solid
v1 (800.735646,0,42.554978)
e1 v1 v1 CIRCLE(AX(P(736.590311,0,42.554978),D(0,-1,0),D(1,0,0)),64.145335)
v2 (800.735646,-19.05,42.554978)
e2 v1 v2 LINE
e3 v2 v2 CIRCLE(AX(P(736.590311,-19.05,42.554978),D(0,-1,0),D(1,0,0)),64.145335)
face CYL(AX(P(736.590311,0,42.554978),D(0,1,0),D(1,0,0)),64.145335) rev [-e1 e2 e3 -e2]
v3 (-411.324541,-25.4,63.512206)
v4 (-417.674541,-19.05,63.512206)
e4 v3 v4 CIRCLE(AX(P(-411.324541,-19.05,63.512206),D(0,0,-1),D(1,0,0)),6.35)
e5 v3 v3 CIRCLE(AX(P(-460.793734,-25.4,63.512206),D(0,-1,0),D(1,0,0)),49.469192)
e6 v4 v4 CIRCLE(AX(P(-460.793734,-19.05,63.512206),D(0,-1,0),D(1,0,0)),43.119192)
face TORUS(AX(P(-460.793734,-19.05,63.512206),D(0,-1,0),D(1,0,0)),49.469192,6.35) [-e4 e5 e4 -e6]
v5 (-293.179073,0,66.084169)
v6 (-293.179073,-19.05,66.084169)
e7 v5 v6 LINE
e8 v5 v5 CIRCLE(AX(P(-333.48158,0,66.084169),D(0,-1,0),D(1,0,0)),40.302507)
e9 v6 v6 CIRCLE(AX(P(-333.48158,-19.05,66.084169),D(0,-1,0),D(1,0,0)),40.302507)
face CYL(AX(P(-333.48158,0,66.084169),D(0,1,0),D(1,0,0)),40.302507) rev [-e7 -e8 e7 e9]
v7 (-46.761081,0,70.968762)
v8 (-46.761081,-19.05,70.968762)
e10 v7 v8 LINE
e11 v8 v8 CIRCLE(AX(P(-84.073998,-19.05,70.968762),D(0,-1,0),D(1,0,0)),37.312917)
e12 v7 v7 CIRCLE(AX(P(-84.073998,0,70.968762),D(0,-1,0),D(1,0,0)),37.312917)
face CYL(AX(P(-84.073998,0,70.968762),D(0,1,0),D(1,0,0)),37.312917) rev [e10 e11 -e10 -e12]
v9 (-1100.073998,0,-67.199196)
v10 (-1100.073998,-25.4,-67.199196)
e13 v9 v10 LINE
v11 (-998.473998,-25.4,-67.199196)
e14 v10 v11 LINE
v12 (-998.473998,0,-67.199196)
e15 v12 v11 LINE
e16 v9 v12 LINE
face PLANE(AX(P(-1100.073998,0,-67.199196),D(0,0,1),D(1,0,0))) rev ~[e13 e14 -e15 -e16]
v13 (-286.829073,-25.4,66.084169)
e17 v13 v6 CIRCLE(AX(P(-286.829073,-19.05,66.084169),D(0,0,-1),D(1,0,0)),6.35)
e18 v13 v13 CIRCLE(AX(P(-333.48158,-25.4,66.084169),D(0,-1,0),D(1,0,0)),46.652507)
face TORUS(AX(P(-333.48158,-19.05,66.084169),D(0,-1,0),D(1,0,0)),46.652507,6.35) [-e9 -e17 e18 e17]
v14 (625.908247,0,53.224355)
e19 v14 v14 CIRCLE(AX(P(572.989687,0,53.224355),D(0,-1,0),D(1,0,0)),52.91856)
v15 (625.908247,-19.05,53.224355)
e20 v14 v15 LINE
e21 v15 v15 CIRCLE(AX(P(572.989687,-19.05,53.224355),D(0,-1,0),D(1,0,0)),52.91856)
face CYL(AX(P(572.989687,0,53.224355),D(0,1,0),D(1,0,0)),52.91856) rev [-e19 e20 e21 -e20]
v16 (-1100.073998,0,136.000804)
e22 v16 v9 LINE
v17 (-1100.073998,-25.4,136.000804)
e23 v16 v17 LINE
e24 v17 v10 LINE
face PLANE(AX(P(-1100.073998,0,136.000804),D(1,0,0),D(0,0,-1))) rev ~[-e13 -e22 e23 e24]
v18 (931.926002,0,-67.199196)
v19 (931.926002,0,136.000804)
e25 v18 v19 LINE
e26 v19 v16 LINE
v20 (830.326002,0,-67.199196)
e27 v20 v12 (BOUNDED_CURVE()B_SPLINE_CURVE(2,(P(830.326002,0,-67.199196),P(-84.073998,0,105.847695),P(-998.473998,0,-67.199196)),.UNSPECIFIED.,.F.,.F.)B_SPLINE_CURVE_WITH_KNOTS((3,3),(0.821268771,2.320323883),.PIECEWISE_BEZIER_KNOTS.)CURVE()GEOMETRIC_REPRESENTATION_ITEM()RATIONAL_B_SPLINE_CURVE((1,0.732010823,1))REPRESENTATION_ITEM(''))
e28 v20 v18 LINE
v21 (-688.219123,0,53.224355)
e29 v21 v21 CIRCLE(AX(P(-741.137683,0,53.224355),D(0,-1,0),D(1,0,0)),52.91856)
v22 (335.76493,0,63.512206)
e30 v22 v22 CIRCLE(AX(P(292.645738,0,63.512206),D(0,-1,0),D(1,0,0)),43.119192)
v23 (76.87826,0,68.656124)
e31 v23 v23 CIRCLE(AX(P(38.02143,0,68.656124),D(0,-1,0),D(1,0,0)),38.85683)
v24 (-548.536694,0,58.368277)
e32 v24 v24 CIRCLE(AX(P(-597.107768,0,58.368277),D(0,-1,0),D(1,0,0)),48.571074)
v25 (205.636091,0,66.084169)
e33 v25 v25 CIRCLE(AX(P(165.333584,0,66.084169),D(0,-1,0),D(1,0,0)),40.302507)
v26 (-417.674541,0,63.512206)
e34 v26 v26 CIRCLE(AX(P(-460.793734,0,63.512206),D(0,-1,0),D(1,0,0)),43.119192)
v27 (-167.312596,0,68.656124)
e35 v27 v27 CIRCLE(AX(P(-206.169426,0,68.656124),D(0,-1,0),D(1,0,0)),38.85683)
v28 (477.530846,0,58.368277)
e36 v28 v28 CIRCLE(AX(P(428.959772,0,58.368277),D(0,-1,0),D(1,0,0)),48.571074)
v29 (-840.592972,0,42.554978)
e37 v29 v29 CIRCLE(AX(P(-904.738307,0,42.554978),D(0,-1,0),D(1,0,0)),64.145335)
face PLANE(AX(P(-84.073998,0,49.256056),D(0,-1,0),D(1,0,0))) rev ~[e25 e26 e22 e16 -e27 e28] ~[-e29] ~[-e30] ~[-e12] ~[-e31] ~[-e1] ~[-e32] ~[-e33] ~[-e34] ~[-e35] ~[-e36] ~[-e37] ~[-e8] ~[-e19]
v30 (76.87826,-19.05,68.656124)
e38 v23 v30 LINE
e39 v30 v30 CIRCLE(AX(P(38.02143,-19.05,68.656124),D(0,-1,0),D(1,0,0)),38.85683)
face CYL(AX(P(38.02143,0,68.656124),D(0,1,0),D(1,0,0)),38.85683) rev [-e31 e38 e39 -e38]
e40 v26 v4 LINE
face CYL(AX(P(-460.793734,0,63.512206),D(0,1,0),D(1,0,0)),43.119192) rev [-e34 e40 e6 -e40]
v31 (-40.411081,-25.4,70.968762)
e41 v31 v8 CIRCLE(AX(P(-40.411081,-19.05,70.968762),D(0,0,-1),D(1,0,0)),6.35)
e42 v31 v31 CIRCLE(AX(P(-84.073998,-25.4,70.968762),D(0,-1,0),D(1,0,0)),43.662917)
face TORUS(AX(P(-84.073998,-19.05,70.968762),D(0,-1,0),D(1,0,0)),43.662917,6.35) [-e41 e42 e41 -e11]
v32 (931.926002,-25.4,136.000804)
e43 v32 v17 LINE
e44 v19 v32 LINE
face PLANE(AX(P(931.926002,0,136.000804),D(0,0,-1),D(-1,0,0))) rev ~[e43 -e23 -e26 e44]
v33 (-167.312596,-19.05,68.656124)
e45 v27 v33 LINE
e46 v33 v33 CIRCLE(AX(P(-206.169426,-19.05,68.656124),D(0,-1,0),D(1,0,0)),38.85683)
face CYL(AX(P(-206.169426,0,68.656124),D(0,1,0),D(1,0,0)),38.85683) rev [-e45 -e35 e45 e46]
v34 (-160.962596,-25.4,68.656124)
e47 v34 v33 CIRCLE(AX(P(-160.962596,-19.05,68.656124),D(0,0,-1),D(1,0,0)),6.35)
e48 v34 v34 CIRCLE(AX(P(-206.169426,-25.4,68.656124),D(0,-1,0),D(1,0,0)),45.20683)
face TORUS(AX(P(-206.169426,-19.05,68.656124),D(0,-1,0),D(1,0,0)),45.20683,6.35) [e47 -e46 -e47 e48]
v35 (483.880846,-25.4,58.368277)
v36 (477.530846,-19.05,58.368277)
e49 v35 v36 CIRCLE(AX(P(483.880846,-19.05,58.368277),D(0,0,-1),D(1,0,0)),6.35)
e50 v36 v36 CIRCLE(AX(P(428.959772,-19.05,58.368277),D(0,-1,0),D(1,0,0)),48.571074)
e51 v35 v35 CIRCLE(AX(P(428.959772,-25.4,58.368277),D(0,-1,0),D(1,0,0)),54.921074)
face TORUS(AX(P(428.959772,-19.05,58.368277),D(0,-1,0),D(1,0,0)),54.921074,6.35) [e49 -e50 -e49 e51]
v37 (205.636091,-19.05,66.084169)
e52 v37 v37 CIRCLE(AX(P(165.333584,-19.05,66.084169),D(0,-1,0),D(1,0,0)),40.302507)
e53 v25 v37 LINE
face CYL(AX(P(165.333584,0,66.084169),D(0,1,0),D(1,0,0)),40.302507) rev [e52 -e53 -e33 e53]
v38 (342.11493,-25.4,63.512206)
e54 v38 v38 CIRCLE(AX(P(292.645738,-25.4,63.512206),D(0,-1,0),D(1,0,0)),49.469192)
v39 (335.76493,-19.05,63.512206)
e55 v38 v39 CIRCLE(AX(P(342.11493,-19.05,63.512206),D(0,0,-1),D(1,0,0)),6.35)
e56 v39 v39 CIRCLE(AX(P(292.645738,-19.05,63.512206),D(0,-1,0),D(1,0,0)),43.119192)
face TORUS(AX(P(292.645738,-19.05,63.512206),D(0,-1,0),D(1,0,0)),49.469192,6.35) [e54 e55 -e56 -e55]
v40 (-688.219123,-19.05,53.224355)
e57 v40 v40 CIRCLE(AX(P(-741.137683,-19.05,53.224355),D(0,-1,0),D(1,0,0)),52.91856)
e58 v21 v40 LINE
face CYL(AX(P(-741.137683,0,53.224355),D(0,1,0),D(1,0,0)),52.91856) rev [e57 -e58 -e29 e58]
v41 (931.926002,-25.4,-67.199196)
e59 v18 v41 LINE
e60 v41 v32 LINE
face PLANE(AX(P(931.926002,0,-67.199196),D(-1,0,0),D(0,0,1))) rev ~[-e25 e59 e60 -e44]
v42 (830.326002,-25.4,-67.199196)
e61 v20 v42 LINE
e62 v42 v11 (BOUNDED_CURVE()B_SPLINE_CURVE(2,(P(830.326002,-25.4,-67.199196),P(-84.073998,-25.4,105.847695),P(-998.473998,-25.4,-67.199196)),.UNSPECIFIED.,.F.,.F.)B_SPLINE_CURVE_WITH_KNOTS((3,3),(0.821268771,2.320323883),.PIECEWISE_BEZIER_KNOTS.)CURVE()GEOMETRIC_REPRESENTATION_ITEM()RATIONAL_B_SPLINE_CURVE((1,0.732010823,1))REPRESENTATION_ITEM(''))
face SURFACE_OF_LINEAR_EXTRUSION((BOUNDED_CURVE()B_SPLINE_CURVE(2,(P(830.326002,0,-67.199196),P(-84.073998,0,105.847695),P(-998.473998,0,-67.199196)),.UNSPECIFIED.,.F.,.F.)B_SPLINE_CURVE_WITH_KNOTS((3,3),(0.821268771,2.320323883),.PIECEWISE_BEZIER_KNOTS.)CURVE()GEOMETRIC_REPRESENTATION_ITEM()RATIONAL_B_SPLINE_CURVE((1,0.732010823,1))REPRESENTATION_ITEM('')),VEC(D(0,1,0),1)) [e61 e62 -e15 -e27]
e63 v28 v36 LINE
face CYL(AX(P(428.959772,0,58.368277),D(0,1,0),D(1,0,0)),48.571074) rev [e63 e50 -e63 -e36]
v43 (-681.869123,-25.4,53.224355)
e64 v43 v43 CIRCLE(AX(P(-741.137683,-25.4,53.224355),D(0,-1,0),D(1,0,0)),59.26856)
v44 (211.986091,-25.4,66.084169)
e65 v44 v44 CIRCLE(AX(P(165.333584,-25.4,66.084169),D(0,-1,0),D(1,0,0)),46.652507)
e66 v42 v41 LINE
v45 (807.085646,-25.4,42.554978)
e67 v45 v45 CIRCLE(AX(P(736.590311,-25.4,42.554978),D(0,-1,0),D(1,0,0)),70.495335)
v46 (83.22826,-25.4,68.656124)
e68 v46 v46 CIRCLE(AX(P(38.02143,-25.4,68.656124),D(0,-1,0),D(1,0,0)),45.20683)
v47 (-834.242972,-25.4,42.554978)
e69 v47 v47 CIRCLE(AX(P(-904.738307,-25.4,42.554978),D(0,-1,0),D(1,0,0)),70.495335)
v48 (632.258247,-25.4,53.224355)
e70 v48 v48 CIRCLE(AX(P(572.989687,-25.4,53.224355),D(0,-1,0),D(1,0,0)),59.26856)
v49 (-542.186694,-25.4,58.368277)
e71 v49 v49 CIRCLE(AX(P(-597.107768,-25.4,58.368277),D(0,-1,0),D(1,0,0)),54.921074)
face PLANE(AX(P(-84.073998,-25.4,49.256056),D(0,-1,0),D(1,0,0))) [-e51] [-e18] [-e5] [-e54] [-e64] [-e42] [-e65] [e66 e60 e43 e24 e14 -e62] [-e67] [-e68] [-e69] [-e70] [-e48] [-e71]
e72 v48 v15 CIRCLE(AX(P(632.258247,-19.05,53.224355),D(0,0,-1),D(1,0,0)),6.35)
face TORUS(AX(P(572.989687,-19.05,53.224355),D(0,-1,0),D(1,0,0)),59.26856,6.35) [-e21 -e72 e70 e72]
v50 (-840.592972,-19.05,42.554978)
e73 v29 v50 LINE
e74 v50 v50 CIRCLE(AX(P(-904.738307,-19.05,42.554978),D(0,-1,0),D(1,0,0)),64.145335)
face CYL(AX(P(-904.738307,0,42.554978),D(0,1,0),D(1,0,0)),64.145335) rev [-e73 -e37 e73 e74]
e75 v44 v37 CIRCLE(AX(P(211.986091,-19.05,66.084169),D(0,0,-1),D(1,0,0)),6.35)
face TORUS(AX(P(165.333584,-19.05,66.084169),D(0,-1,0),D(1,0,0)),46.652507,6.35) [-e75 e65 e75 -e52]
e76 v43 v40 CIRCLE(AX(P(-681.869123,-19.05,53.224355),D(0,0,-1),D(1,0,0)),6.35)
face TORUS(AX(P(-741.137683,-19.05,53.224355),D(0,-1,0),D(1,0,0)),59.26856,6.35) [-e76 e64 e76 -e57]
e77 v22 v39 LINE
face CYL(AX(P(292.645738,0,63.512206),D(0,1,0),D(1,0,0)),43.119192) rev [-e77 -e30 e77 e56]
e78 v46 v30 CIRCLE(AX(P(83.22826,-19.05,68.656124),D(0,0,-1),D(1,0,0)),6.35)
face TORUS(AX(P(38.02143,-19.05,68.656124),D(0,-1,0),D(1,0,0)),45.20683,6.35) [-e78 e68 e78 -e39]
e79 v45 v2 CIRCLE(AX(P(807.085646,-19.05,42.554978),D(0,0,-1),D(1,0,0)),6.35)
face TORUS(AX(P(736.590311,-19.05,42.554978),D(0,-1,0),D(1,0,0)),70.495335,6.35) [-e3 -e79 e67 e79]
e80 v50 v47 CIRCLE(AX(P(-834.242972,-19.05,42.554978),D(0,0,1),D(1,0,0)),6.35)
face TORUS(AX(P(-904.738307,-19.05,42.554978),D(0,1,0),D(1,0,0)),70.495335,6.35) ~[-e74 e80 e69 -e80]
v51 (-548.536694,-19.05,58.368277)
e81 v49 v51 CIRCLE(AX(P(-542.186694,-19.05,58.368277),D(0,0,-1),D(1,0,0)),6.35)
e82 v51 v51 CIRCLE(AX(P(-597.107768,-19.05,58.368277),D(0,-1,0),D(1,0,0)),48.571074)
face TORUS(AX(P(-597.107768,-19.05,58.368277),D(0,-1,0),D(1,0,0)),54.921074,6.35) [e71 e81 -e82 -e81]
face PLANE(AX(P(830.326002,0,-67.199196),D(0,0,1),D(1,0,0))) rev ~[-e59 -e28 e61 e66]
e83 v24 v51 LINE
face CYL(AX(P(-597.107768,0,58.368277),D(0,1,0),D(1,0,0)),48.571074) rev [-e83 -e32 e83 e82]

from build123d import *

# Parameters (mm, degrees)
F0_R     = 64.1453349798
F0_R_2   = 52.9185600819
F0_R_3   = 48.5710741987
F0_R_4   = 43.1191921234
F0_R_5   = 40.3025068018
F0_R_6   = 38.8568299622
F0_R_7   = 37.3129168507
F1_DEPTH = 25.4
F2_R     = 6.35
F3_R     = 6.35


with BuildPart() as f1:
    # F0 (on Front) → F1 (new body)
    with BuildSketch(Plane.XZ):
        with BuildLine():
            Line((931.926001966, 136.000804468), (-1100.073998034, 136.000804468))
            Line((-1100.073998034, 136.000804468), (-1100.073998034, -67.199195532))
            Line((-1100.073998034, -67.199195532), (-998.473998034, -67.199195532))
            add(Edge.make_bspline(
                [(830.326001966, -67.199195532), (-84.073998034, 105.847695238), (-998.473998034, -67.199195532)],
                knots=[0.8212687708, 0.8212687708, 0.8212687708, 2.3203238827, 2.3203238827, 2.3203238827], degree=2, weights=[1, 0.7320108234, 1]))
            Line((830.326001966, -67.199195532), (931.926001966, -67.199195532))
            Line((931.926001966, -67.199195532), (931.926001966, 136.000804468))
        make_face()
        with Locations((-904.7383069992, 42.5549782813)):
            Circle(F0_R, mode=Mode.SUBTRACT)
        with Locations((-741.1376833916, 53.2243549824)):
            Circle(F0_R_2, mode=Mode.SUBTRACT)
        with Locations((-597.1077680588, 58.3682768047)):
            Circle(F0_R_3, mode=Mode.SUBTRACT)
        with Locations((-460.7937335968, 63.5122060776)):
            Circle(F0_R_4, mode=Mode.SUBTRACT)
        with Locations((-333.481580019, 66.0841688514)):
            Circle(F0_R_5, mode=Mode.SUBTRACT)
        with Locations((-206.1694264412, 68.6561241746)):
            Circle(F0_R_6, mode=Mode.SUBTRACT)
        with Locations((-84.073998034, 70.9687621523)):
            Circle(F0_R_7, mode=Mode.SUBTRACT)
        with Locations((38.0214303732, 68.6561241746)):
            Circle(F0_R_6, mode=Mode.SUBTRACT)
        with Locations((165.333583951, 66.0841688514)):
            Circle(F0_R_5, mode=Mode.SUBTRACT)
        with Locations((292.6457375288, 63.5122060776)):
            Circle(F0_R_4, mode=Mode.SUBTRACT)
        with Locations((428.9597719908, 58.3682768047)):
            Circle(F0_R_3, mode=Mode.SUBTRACT)
        with Locations((572.9896873236, 53.2243549824)):
            Circle(F0_R_2, mode=Mode.SUBTRACT)
        with Locations((736.5903109312, 42.5549782813)):
            Circle(F0_R, mode=Mode.SUBTRACT)
    extrude(amount=F1_DEPTH)

    # F2
    f2_edges = [f1.edges().sort_by_distance(p)[0] for p in [
        (-968.883642, -25.4, 42.554978),
    ]]
    fillet(f2_edges, radius=F2_R)

    # F3
    f3_edges = [f1.edges().sort_by_distance(p)[0] for p in [
        (-794.056243, -25.4, 53.224355),
        (-645.678842, -25.4, 58.368277),
        (-503.912926, -25.4, 63.512206),
        (-373.784087, -25.4, 66.084169),
        (-245.026256, -25.4, 68.656124),
        (-121.386915, -25.4, 70.968762),
        (-0.8354, -25.4, 68.656124),
        (125.031077, -25.4, 66.084169),
        (249.526545, -25.4, 63.512206),
        (380.388698, -25.4, 58.368277),
        (520.071127, -25.4, 53.224355),
        (672.444976, -25.4, 42.554978),
    ]]
    fillet(f3_edges, radius=F3_R)


solid = f1.part
